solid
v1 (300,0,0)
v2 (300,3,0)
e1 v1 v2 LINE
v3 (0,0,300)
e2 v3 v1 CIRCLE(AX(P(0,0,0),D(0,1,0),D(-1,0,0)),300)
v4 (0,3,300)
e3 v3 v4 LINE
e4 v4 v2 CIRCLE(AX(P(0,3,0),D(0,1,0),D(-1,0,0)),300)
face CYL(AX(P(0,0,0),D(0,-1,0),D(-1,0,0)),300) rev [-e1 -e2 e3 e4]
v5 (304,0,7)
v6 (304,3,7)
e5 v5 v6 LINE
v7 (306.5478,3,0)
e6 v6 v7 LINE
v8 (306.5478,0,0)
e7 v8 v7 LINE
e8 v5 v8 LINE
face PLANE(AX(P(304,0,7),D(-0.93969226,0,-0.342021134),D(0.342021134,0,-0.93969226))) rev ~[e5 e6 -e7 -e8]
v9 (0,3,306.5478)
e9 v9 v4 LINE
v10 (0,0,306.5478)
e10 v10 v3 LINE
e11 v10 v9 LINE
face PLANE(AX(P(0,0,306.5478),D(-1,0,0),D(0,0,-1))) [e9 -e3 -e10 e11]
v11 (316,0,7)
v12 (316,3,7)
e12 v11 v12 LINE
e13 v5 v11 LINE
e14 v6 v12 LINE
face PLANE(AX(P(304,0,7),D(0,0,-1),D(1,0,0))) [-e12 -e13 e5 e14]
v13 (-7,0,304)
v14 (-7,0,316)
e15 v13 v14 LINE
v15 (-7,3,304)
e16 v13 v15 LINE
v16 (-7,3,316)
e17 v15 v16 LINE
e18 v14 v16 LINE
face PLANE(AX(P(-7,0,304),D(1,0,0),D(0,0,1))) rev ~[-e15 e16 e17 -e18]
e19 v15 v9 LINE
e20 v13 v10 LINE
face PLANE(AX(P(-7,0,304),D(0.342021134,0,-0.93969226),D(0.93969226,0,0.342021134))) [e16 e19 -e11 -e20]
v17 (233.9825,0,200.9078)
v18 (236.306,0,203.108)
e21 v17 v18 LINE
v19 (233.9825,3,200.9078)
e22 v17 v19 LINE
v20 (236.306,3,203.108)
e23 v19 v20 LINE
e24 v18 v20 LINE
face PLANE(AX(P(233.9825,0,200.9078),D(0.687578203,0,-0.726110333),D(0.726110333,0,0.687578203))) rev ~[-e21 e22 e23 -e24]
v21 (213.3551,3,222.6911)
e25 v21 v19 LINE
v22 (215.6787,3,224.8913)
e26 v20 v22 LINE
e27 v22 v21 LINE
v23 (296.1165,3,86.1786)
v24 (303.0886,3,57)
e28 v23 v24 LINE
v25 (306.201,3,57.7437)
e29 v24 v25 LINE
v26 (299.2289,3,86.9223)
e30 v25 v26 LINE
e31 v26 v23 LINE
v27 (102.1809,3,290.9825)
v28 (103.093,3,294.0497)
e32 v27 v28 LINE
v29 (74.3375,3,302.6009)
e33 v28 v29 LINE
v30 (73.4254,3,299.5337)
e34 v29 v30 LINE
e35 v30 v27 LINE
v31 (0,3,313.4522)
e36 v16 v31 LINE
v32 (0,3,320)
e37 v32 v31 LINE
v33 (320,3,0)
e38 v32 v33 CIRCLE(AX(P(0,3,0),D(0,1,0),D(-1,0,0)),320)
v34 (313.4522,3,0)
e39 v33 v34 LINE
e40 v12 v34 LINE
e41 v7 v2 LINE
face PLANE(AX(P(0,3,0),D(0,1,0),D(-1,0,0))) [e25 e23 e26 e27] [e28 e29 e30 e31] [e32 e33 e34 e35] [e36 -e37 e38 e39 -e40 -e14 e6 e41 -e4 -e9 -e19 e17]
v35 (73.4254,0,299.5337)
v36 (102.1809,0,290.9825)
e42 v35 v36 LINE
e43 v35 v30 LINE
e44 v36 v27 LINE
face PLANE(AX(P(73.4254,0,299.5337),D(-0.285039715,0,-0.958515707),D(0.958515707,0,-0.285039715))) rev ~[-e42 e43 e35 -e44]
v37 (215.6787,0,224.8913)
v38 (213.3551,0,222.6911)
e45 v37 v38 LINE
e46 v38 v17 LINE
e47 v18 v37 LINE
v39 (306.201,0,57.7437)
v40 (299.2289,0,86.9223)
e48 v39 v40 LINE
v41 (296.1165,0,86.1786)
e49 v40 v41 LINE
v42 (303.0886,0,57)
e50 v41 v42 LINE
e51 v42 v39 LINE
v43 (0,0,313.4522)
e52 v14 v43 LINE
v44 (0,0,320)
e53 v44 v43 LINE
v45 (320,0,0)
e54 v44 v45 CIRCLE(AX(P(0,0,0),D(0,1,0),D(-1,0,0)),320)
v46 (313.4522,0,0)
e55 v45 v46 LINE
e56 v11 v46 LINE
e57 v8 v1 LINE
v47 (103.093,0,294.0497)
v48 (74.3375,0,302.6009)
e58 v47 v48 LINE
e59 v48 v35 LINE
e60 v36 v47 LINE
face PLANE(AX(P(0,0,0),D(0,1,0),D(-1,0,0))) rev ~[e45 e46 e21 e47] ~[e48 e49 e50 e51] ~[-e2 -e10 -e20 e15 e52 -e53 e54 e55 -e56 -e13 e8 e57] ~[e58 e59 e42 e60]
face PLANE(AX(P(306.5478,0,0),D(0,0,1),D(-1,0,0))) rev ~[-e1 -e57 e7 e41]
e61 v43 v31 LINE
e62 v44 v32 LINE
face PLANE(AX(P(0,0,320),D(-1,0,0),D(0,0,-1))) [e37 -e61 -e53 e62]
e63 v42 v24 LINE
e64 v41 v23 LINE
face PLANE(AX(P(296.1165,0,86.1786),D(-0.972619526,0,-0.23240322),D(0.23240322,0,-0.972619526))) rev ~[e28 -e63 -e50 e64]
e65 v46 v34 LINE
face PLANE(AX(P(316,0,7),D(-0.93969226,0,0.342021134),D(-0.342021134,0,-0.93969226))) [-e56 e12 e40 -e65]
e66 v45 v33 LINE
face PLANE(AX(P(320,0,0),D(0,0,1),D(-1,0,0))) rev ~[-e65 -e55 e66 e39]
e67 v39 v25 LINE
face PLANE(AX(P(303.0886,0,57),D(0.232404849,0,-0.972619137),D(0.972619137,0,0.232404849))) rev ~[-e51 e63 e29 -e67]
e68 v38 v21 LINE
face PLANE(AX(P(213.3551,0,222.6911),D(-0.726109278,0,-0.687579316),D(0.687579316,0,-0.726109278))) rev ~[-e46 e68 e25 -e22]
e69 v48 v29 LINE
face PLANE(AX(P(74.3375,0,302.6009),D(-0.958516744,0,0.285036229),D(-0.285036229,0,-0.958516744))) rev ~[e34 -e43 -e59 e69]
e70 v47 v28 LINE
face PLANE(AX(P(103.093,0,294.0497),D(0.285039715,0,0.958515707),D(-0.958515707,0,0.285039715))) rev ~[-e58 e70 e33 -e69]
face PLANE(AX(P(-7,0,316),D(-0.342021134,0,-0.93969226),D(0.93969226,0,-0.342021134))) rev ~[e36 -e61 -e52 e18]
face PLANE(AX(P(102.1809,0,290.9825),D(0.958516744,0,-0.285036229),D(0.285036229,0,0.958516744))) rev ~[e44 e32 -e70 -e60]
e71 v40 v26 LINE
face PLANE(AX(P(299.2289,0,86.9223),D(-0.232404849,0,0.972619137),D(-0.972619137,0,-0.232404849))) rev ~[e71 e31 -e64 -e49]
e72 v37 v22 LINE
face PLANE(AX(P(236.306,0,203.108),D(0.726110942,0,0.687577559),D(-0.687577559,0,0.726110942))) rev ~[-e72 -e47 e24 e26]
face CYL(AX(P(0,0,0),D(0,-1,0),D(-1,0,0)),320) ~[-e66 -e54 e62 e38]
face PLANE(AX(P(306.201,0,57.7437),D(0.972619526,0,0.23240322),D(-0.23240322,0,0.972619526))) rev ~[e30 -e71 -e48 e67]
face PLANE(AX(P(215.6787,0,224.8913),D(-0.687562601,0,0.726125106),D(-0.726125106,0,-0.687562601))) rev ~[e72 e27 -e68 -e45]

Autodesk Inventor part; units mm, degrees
ref_plane "YZ Plane" through (0, 0, 0) normal (1, 0, 0) x (0, 1, 0)
ref_plane "XZ Plane" through (0, 0, 0) normal (0, 1, 0) x (-1, 0, 0)
ref_plane "XY Plane" through (0, 0, 0) normal (0, 0, 1) x (1, 0, 0)
sketch "Sketch1" plane through (0, 0, 0) normal (0, 1, 0) x (-1, 0, 0)
  circle A0 centre (0, 0) radius 300
  circle A1 centre (0, 0) radius 320
  line L0 (320, 0) -> (300, 0)
  line L1 (-320, 0) -> (-300, 0)
  line L2 (0, 0) -> (-300, 0) construction
  line L3 (0, 300) -> (0, 0) construction
  line L4 (0, 320) -> (0, 300)
  line L5 (-300, 0) -> (-320, 0)
  line L6 (-304, 7) -> (-316, 7)
  line L7 (-316, 7) -> (-313.4522, 0)
  line L8 (-304, 7) -> (-306.5478, 0)
  line L9 (-310, 0) -> (-310, 7) construction
  line L10 (-306.201, 57.7437) -> (-299.2289, 86.9223)
  line L11 (-299.2289, 86.9223) -> (-296.1165, 86.1786)
  line L12 (-296.1165, 86.1786) -> (-303.0886, 57)
  line L13 (-303.0886, 57) -> (-306.201, 57.7437)
  line L14 (-306.201, 57.7437) -> (-296.1165, 86.1786) construction
  line L15 (-299.2289, 86.9223) -> (-303.0886, 57) construction
  circle A2 centre (0, 0) radius 310 construction
  line L16 (-7, -304) -> (0, -306.5478)
  line L17 (-7, -316) -> (0, -313.4522)
  line L18 (-7, -304) -> (-7, -316)
  line L19 (304, -7) -> (306.5478, 0)
  line L20 (316, -7) -> (313.4522, 0)
  line L21 (304, -7) -> (316, -7)
  line L22 (7, 304) -> (0, 306.5478)
  line L23 (7, 316) -> (0, 313.4522)
  line L24 (7, 304) -> (7, 316)
  line L25 (-294.0497, -103.093) -> (-302.6009, -74.3375)
  line L26 (-290.9825, -102.1809) -> (-294.0497, -103.093)
  line L27 (-299.5337, -73.4254) -> (-290.9825, -102.1809)
  line L28 (-302.6009, -74.3375) -> (-299.5337, -73.4254)
  line L29 (-203.108, -236.306) -> (-224.8913, -215.6787)
  line L30 (-200.9078, -233.9825) -> (-203.108, -236.306)
  line L31 (-222.6911, -213.3551) -> (-200.9078, -233.9825)
  line L32 (-224.8913, -215.6787) -> (-222.6911, -213.3551)
  line L33 (-57.7437, -306.201) -> (-86.9223, -299.2289)
  line L34 (-57, -303.0886) -> (-57.7437, -306.201)
  line L35 (-86.1786, -296.1165) -> (-57, -303.0886)
  line L36 (-86.9223, -299.2289) -> (-86.1786, -296.1165)
  line L37 (103.093, -294.0497) -> (74.3375, -302.6009)
  line L38 (102.1809, -290.9825) -> (103.093, -294.0497)
  line L39 (73.4254, -299.5337) -> (102.1809, -290.9825)
  line L40 (74.3375, -302.6009) -> (73.4254, -299.5337)
  line L41 (236.306, -203.108) -> (215.6787, -224.8913)
  line L42 (233.9825, -200.9078) -> (236.306, -203.108)
  line L43 (213.3551, -222.6911) -> (233.9825, -200.9078)
  line L44 (215.6787, -224.8913) -> (213.3551, -222.6911)
  line L45 (306.201, -57.7437) -> (299.2289, -86.9223)
  line L46 (303.0886, -57) -> (306.201, -57.7437)
  line L47 (296.1165, -86.1786) -> (303.0886, -57)
  line L48 (299.2289, -86.9223) -> (296.1165, -86.1786)
  line L49 (294.0497, 103.093) -> (302.6009, 74.3375)
  line L50 (290.9825, 102.1809) -> (294.0497, 103.093)
  line L51 (299.5337, 73.4254) -> (290.9825, 102.1809)
  line L52 (302.6009, 74.3375) -> (299.5337, 73.4254)
  line L53 (203.108, 236.306) -> (224.8913, 215.6787)
  line L54 (200.9078, 233.9825) -> (203.108, 236.306)
  line L55 (222.6911, 213.3551) -> (200.9078, 233.9825)
  line L56 (224.8913, 215.6787) -> (222.6911, 213.3551)
  line L57 (57.7437, 306.201) -> (86.9223, 299.2289)
  line L58 (57, 303.0886) -> (57.7437, 306.201)
  line L59 (86.1786, 296.1165) -> (57, 303.0886)
  line L60 (86.9223, 299.2289) -> (86.1786, 296.1165)
  line L61 (-103.093, 294.0497) -> (-74.3375, 302.6009)
  line L62 (-102.1809, 290.9825) -> (-103.093, 294.0497)
  line L63 (-73.4254, 299.5337) -> (-102.1809, 290.9825)
  line L64 (-74.3375, 302.6009) -> (-73.4254, 299.5337)
  line L65 (-236.306, 203.108) -> (-215.6787, 224.8913)
  line L66 (-233.9825, 200.9078) -> (-236.306, 203.108)
  line L67 (-213.3551, 222.6911) -> (-233.9825, 200.9078)
  line L68 (-215.6787, 224.8913) -> (-213.3551, 222.6911)
  point P0 (310, 0)
  point P1 (-310, 0)
  point P2 (-301.1588, 71.9611)
  point P3 (-59.267, 304.2818)
  point P4 (-304.6448, 57.3718)
  point P5 (-297.6727, 86.5504)
  point P6 (-7, -310)
  point P7 (310, -7)
  point P8 (7, 310)
  point P9 (-292.5161, -102.6369)
  point P10 (-301.0673, -73.8815)
  point P11 (-202.0079, -235.1442)
  point P12 (-223.7912, -214.5169)
  point P13 (-57.3718, -304.6448)
  point P14 (-86.5504, -297.6727)
  point P15 (102.6369, -292.5161)
  point P16 (73.8815, -301.0673)
  point P17 (235.1442, -202.0079)
  point P18 (214.5169, -223.7912)
  point P19 (304.6448, -57.3718)
  point P20 (297.6727, -86.5504)
  point P21 (292.5161, 102.6369)
  point P22 (301.0673, 73.8815)
  point P23 (202.0079, 235.1442)
  point P24 (223.7912, 214.5169)
  point P25 (57.3718, 304.6448)
  point P26 (86.5504, 297.6727)
  point P27 (-102.6369, 292.5161)
  point P28 (-73.8815, 301.0673)
  point P29 (-235.1442, 202.0079)
  point P30 (-214.5169, 223.7912)
  point P31 (-306.5478, 0)
  point P32 (0, 306.5478)
  point P33 (0, 313.4522)
  point P34 (-313.4522, 0)
  dimension "d0" = 600
  dimension "d1" = 640
  dimension "d4" = 90
  dimension "d5" = 7
  dimension "d6" = 70
  dimension "d8" = 12
  dimension "d13" = 3.2
  dimension "d14" = 30
  dimension "d15" = 50
  dimension "d20" = 620
  dimension "d23" = 360
  dimension "d27" = 360
extrude "Extrusion1" add sketch "Sketch1" along normal blind 3 contours A0 L1 L8 L6 L7 A1 L4 | L4 L23 L24 L22
properties part number "R60_CM_CIRCULO"
